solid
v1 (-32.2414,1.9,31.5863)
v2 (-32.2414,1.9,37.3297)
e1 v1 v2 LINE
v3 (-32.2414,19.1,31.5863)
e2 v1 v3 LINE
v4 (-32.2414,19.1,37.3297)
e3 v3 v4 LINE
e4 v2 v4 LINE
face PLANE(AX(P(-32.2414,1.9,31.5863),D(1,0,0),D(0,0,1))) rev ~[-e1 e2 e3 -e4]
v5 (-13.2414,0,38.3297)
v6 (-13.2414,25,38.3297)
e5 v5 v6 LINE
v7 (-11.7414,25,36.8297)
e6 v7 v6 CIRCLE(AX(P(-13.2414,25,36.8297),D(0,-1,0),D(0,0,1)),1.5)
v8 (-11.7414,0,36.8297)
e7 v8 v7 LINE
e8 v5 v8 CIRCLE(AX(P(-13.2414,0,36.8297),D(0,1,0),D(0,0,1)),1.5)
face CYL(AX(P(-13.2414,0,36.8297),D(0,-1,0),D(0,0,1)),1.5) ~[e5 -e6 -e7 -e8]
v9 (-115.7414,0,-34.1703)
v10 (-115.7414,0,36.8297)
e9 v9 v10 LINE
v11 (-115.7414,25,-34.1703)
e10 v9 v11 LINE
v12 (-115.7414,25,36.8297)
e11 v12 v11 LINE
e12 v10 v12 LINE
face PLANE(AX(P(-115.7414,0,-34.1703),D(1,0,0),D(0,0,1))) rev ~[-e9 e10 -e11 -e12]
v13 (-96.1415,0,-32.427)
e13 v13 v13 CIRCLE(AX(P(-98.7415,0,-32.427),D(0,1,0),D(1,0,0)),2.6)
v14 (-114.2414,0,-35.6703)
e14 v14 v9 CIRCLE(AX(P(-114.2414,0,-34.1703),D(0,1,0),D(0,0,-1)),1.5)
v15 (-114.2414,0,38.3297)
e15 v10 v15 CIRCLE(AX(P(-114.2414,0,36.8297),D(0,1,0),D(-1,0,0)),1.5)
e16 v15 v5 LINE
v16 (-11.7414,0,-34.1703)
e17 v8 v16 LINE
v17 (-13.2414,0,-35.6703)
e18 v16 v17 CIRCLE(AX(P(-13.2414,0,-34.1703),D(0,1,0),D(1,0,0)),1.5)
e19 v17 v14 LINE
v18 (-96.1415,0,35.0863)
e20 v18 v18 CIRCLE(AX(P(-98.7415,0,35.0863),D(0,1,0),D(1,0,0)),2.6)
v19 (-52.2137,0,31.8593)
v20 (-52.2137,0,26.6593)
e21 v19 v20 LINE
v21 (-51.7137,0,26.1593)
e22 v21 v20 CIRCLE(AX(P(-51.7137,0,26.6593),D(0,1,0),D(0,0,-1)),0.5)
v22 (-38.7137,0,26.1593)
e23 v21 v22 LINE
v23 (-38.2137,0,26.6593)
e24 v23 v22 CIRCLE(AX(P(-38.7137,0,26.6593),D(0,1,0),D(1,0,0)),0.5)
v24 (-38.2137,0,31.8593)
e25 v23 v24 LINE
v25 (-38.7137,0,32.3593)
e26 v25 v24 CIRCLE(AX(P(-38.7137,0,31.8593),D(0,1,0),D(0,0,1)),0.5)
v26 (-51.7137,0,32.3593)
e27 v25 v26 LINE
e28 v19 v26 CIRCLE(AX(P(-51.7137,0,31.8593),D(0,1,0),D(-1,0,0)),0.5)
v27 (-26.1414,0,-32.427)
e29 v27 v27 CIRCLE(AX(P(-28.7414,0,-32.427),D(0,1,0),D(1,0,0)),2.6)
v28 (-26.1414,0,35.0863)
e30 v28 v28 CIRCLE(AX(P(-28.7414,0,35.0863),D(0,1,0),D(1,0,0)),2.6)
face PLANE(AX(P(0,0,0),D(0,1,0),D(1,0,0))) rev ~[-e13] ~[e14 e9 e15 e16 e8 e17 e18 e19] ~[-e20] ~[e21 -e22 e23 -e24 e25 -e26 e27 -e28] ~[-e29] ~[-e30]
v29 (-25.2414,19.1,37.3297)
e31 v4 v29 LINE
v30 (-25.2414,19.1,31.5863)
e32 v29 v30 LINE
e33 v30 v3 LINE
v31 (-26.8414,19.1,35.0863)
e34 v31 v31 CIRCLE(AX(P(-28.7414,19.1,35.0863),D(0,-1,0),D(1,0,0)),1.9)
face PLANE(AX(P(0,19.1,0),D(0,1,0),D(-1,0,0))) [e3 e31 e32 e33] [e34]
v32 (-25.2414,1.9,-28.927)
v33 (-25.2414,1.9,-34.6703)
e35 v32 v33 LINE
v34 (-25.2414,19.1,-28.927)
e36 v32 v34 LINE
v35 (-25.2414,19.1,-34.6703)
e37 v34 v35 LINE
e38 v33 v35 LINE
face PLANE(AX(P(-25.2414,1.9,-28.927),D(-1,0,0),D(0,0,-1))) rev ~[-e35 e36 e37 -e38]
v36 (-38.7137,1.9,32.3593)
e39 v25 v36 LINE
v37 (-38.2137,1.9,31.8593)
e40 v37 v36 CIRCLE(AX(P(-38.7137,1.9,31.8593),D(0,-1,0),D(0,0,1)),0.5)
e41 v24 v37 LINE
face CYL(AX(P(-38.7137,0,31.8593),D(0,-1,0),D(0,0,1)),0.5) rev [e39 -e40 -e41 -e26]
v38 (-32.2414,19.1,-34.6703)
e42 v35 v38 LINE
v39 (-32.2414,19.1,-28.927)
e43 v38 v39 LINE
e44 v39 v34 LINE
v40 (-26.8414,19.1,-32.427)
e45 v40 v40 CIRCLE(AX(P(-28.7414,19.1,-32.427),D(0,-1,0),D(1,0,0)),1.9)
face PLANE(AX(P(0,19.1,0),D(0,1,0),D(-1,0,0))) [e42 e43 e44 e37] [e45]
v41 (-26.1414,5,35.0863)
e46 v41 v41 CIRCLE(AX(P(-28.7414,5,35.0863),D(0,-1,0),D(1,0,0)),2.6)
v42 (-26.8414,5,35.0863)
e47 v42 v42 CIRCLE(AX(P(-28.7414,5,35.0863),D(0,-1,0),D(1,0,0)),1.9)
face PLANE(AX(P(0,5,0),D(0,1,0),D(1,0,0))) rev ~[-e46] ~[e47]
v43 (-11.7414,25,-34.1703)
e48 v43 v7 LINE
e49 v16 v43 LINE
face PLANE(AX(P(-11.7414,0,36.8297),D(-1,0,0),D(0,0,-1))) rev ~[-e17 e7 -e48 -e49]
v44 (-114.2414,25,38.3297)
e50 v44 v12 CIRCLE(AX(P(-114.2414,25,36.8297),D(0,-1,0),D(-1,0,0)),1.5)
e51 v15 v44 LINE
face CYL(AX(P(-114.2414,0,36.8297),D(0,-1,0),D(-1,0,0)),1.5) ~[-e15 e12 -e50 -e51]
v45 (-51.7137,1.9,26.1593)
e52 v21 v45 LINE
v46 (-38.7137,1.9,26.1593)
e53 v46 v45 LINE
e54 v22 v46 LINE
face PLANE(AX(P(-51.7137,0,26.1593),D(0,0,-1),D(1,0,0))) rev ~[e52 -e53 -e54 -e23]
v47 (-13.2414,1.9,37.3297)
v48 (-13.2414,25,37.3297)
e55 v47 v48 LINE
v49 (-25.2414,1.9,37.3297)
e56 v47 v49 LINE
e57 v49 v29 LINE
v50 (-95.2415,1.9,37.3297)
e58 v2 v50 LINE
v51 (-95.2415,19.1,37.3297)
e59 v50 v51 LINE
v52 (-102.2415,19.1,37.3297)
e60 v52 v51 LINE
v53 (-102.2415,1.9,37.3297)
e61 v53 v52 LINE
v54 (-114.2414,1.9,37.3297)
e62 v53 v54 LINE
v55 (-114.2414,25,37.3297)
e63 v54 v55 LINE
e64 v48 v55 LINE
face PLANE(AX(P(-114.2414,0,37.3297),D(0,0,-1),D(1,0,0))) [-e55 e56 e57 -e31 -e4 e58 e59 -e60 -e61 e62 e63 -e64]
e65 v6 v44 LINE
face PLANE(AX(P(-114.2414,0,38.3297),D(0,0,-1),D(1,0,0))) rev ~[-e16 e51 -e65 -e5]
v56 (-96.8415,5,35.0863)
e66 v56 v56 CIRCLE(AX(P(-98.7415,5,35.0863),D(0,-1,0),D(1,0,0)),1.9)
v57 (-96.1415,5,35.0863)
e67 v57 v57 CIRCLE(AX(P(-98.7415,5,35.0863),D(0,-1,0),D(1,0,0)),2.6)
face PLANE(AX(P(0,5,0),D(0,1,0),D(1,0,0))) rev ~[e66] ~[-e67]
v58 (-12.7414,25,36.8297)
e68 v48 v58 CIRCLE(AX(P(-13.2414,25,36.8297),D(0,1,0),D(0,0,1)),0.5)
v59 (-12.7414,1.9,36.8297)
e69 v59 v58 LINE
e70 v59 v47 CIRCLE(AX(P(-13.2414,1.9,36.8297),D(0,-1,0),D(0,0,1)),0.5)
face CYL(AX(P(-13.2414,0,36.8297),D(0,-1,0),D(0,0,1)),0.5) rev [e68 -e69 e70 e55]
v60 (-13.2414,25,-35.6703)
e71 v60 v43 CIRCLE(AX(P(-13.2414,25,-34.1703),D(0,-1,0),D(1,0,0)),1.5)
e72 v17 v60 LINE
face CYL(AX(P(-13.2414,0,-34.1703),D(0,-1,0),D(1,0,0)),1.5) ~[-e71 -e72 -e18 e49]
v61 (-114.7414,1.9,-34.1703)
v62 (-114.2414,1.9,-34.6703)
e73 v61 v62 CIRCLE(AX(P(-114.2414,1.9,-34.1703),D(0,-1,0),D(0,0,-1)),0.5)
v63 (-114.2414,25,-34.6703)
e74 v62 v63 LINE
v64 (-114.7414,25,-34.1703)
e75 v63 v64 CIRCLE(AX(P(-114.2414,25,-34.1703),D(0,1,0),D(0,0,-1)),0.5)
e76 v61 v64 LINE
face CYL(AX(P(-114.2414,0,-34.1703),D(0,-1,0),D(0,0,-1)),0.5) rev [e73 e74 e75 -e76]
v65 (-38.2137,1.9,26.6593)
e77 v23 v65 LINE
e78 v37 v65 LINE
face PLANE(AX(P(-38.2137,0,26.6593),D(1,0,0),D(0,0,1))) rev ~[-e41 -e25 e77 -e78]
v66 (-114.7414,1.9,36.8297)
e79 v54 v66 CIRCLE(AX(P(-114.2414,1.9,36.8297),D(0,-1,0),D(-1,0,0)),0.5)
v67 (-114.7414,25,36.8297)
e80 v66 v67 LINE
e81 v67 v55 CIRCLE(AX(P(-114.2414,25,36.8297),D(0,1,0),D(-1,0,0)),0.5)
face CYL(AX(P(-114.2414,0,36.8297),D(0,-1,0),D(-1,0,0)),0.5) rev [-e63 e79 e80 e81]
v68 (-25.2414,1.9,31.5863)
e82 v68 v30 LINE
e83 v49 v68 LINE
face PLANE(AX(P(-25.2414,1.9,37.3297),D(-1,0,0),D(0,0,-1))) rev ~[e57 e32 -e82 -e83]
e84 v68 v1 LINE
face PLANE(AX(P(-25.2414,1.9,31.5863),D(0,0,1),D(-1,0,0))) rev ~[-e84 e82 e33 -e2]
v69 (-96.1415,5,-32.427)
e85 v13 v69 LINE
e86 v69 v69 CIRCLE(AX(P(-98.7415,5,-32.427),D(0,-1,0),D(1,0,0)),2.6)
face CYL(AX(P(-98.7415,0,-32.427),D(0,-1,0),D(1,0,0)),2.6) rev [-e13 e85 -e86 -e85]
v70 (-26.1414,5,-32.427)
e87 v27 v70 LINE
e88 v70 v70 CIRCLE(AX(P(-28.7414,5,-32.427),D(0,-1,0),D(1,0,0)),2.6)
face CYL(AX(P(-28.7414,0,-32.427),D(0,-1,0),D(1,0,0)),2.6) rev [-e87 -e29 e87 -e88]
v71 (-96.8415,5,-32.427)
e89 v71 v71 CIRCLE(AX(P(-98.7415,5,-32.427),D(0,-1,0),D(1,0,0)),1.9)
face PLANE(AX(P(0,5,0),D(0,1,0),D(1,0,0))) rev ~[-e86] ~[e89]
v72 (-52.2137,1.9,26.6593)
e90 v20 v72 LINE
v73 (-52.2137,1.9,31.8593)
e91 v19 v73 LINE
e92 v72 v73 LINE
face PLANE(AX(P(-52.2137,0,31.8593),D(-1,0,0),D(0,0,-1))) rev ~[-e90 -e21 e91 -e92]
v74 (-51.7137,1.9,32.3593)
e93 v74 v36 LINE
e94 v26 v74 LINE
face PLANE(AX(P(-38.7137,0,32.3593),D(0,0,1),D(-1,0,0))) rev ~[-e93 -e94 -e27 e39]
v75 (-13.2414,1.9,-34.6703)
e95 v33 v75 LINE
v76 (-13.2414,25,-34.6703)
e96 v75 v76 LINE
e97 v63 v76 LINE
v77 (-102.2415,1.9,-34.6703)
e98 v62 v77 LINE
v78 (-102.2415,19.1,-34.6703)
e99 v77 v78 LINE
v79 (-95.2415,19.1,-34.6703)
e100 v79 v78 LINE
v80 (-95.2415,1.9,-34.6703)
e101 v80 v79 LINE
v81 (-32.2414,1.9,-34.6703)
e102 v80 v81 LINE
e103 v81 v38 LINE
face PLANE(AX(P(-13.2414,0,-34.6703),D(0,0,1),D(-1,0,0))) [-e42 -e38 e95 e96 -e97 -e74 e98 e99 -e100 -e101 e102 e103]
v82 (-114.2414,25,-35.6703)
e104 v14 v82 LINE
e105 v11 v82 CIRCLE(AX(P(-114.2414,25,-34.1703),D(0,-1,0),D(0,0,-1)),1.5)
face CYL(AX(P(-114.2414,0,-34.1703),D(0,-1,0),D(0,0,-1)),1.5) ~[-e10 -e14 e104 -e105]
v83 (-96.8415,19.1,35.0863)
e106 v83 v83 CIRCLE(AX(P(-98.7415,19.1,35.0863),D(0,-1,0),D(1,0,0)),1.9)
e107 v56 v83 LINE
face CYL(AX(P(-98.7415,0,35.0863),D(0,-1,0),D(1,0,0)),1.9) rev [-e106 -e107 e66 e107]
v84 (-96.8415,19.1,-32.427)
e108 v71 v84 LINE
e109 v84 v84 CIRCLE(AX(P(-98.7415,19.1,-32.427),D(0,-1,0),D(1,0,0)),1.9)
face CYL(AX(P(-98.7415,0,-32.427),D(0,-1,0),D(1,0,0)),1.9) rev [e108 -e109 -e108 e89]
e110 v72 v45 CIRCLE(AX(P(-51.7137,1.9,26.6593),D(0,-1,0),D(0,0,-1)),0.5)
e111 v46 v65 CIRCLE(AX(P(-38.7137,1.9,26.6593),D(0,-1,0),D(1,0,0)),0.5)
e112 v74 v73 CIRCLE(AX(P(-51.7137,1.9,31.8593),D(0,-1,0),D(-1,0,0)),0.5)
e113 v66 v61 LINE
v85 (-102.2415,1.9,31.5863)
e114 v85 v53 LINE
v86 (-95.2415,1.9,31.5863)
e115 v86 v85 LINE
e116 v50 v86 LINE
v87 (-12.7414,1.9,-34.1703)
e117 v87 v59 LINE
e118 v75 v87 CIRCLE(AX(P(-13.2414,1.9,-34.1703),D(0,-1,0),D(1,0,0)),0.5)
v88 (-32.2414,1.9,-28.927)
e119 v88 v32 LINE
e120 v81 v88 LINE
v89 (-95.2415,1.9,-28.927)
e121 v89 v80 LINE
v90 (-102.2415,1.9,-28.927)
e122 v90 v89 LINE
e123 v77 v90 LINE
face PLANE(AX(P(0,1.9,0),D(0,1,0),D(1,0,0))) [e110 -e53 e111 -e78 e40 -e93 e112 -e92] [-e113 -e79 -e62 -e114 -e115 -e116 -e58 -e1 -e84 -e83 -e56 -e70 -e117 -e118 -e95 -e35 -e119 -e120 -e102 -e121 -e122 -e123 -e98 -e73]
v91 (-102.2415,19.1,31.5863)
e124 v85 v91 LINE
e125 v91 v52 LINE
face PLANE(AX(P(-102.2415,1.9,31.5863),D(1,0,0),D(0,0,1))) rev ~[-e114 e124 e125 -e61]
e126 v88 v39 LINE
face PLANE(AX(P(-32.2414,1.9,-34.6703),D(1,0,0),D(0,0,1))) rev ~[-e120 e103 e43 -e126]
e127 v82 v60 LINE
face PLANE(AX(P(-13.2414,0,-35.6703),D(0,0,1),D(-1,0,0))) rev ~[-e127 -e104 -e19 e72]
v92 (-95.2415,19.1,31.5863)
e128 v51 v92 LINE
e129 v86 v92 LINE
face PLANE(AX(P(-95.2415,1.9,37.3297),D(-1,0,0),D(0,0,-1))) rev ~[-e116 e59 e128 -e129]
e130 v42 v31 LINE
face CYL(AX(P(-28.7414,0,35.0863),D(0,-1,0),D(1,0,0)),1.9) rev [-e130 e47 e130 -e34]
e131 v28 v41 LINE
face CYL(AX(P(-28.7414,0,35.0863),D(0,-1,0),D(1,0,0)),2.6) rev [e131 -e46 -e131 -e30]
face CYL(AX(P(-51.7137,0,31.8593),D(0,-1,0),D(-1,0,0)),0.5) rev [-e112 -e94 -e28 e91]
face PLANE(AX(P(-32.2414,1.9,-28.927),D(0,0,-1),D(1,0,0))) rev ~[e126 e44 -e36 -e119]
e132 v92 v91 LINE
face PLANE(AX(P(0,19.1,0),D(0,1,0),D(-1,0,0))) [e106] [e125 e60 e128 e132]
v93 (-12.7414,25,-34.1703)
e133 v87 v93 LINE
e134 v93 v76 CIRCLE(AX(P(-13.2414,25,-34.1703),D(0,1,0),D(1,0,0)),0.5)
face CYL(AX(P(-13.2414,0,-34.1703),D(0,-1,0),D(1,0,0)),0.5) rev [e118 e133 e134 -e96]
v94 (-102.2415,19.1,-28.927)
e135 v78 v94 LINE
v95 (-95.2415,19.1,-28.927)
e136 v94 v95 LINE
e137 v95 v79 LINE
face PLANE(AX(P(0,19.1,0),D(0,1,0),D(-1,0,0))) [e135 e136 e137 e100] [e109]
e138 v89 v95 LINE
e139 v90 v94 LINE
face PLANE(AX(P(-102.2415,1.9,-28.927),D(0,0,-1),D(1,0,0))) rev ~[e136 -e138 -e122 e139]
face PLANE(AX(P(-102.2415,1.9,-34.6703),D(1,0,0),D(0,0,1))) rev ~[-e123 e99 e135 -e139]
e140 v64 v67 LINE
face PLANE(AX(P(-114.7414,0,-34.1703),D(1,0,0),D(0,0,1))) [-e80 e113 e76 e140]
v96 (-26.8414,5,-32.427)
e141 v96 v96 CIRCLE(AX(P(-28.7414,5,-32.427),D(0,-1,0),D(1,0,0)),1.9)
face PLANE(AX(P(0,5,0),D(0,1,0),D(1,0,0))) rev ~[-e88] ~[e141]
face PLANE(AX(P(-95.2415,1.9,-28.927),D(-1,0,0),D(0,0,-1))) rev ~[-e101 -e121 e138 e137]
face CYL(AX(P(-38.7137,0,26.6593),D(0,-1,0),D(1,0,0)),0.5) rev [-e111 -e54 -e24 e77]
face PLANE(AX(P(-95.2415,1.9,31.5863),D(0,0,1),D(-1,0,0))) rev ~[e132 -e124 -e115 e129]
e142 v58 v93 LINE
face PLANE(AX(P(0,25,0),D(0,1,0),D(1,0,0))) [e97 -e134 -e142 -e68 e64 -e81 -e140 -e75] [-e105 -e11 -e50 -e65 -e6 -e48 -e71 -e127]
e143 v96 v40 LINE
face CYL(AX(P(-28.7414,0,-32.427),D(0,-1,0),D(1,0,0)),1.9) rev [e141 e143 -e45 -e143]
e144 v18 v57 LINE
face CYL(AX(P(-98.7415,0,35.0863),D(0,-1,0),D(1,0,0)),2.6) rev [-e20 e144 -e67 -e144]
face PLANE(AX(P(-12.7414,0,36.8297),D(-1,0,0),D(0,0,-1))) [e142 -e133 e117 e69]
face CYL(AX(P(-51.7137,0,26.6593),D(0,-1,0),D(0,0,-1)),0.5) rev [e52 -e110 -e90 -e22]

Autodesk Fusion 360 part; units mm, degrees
sketch "Sketch1" plane through (0, 0, 0) normal (0, 1, 0) x (1, 0, 0)
  arc A0 (-114.2414, 36.1703) -> (-116.2414, 34.1703) centre (-114.2414, 34.1703) ccw
  arc A1 (-114.2414, 36.1703) -> (-116.2414, 34.1703) centre (-114.2414, 34.1703) ccw
  arc A2 (-13.2414, -38.8297) -> (-11.2414, -36.8297) centre (-13.2414, -36.8297) ccw
  arc A3 (-116.2414, -36.8297) -> (-114.2414, -38.8297) centre (-114.2414, -36.8297) ccw
  arc A4 (-116.2414, -36.8297) -> (-114.2414, -38.8297) centre (-114.2414, -36.8297) ccw
  arc A5 (-13.2414, -38.8297) -> (-11.2414, -36.8297) centre (-13.2414, -36.8297) ccw
  circle A6 centre (-98.7415, -35.0863) radius 1.55
  circle A7 centre (-98.7415, 32.427) radius 1.55
  line L0 (-11.2414, -36.8297) -> (-11.2414, 34.1703)
  circle A8 centre (-28.7414, -35.0863) radius 1.55
  arc A9 (-11.2414, 34.1703) -> (-13.2414, 36.1703) centre (-13.2414, 34.1703) ccw
  arc A10 (-11.2414, 34.1703) -> (-13.2414, 36.1703) centre (-13.2414, 34.1703) ccw
  circle A11 centre (-28.7414, 32.427) radius 1.55
  line L1 (-116.2414, -36.8297) -> (-116.2414, 34.1703)
  line L2 (-13.2414, 36.1703) -> (-114.2414, 36.1703)
  line L3 (-114.2414, 36.1703) -> (-13.2414, 36.1703)
  line L4 (-114.2414, -38.8297) -> (-13.2414, -38.8297)
  line L5 (-116.2414, 34.1703) -> (-116.2414, -36.8297)
  line L6 (-11.2414, 34.1703) -> (-11.2414, -36.8297)
  line L7 (-13.2414, -38.8297) -> (-114.2414, -38.8297)
  line L8 (-12.7414, -36.8297) -> (-12.7414, 34.1703)
  arc A12 (-12.7414, 34.1703) -> (-13.2414, 34.6703) centre (-13.2414, 34.1703) ccw
  line L9 (-13.2414, 34.6703) -> (-114.2414, 34.6703)
  arc A13 (-114.2414, 34.6703) -> (-114.7414, 34.1703) centre (-114.2414, 34.1703) ccw
  line L10 (-114.7414, 34.1703) -> (-114.7414, -36.8297)
  arc A14 (-114.7414, -36.8297) -> (-114.2414, -37.3297) centre (-114.2414, -36.8297) ccw
  line L11 (-114.2414, -37.3297) -> (-13.2414, -37.3297)
  arc A15 (-13.2414, -37.3297) -> (-12.7414, -36.8297) centre (-13.2414, -36.8297) ccw
  circle A16 centre (-98.7415, -35.0863) radius 2.6
  circle A17 centre (-28.7414, -35.0863) radius 2.6
  circle A18 centre (-98.7415, 32.427) radius 2.6
  circle A19 centre (-28.7414, 32.427) radius 2.6
  circle A20 centre (-98.7415, -35.0863) radius 1.9
  circle A21 centre (-28.7414, -35.0863) radius 1.9
  circle A22 centre (-98.7415, 32.427) radius 1.9
  circle A23 centre (-28.7414, 32.427) radius 1.9
  line L12 (-11.7414, -36.8297) -> (-11.7414, 34.1703)
  arc A24 (-11.7414, 34.1703) -> (-13.2414, 35.6703) centre (-13.2414, 34.1703) ccw
  line L13 (-13.2414, 35.6703) -> (-114.2414, 35.6703)
  arc A25 (-114.2414, 35.6703) -> (-115.7414, 34.1703) centre (-114.2414, 34.1703) ccw
  line L14 (-115.7414, 34.1703) -> (-115.7414, -36.8297)
  arc A26 (-115.7414, -36.8297) -> (-114.2414, -38.3297) centre (-114.2414, -36.8297) ccw
  line L15 (-114.2414, -38.3297) -> (-13.2414, -38.3297)
  arc A27 (-13.2414, -38.3297) -> (-11.7414, -36.8297) centre (-13.2414, -36.8297) ccw
  line L16 (-38.2137, -26.6593) -> (-38.2137, -31.8593)
  line L17 (-38.7137, -32.3593) -> (-51.7137, -32.3593)
  arc A28 (-52.2137, -31.8593) -> (-51.7137, -32.3593) centre (-51.7137, -31.8593) ccw
  line L18 (-52.2137, -31.8593) -> (-52.2137, -26.6593)
  arc A29 (-38.2137, -26.6593) -> (-38.7137, -26.1593) centre (-38.7137, -26.6593) ccw
  line L19 (-51.7137, -26.1593) -> (-38.7137, -26.1593)
  arc A30 (-38.7137, -32.3593) -> (-38.2137, -31.8593) centre (-38.7137, -31.8593) ccw
  arc A31 (-51.7137, -26.1593) -> (-52.2137, -26.6593) centre (-51.7137, -26.6593) ccw
  point P0 (-38.2137, -32.3593)
  point P1 (-52.2137, -32.3593)
  point P2 (-52.2137, -26.1593)
  dimension "d1" = -1.5
  dimension "d16" = 5.2
  dimension "d17" = 5.2
  dimension "d18" = 5.2
  dimension "d19" = 5.2
  dimension "d22" = 3.8
  dimension "d23" = 3.8
  dimension "d24" = 3.8
  dimension "d25" = 3.8
  dimension "d28" = -0.5
  dimension "d31" = 6.2
  dimension "d32" = 14
  dimension "d33" = 0.5
  dimension "d34" = 0.5
  dimension "d35" = 0.5
extrude "Extrude1" add sketch "Sketch1" along normal blind 1.9 contours A0 A1 A2 A3 A4 A5 L0 A9 A10 L1 L2 L3 L4 L5 L6 L7 | L8 A12 L9 A13 L10 A14 L11 A15 A16 A17 A18 A19 | L11 A17 | L11 A17 | L9 A19 | L9 A19 | L11 A16 | L11 A16 | L9 A18 | L9 A18 | A20 | A21 | A22 | A23 | L12 A24 L13 A25 L14 A26 L15 A27 | L16 L17 A28 L18 A29 L19 A30 A31
extrude "Extrude2" add sketch "Sketch1" along normal blind 25 contours A0 A1 A2 A3 A4 A5 L0 A9 A10 L1 L2 L3 L4 L5 L6 L7 | L11 A17 | L9 A19 | L11 A16 | L9 A18 | L12 A24 L13 A25 L14 A26 L15 A27 picked at (-28.4059, -37.381) picked at (-28.6269, 34.8843) picked at (-98.406, -37.381) picked at (-98.9586, 34.8329)
sketch "Sketch2" plane through (0, 1.9, 0) normal (0, 1, 0) x (-1, 0, 0)
  line L0 (12.7414, 36.8297) -> (12.7414, -34.1703)
  arc A0 (12.7414, -34.1703) -> (13.2414, -34.6703) centre (13.2414, -34.1703) ccw
  line L1 (13.2414, -34.6703) -> (114.2414, -34.6703)
  arc A1 (114.2414, -34.6703) -> (114.7414, -34.1703) centre (114.2414, -34.1703) ccw
  line L2 (114.7414, -34.1703) -> (114.7414, 36.8297)
  arc A2 (114.7414, 36.8297) -> (114.2414, 37.3297) centre (114.2414, 36.8297) ccw
  line L3 (114.2414, 37.3297) -> (13.2414, 37.3297)
  arc A3 (13.2414, 37.3297) -> (12.7414, 36.8297) centre (13.2414, 36.8297) ccw
  circle A4 centre (98.7415, 35.0863) radius 1.55
  circle A5 centre (98.7415, -32.427) radius 1.55
  circle A6 centre (28.7414, -32.427) radius 1.55
  circle A7 centre (28.7414, 35.0863) radius 1.55
  line L4 (32.2414, 38.5863) -> (25.2414, 38.5863)
  line L5 (25.2414, 38.5863) -> (25.2414, 31.5863)
  line L6 (25.2414, 31.5863) -> (32.2414, 31.5863)
  line L7 (32.2414, 31.5863) -> (32.2414, 38.5863)
  line L8 (32.2414, 38.5863) -> (25.2414, 31.5863) construction
  line L9 (25.2414, 38.5863) -> (32.2414, 31.5863) construction
  line L10 (102.2415, 38.5863) -> (95.2415, 38.5863)
  line L11 (95.2415, 38.5863) -> (95.2415, 31.5863)
  line L12 (95.2415, 31.5863) -> (102.2415, 31.5863)
  line L13 (102.2415, 31.5863) -> (102.2415, 38.5863)
  line L14 (102.2415, 38.5863) -> (95.2415, 31.5863) construction
  line L15 (95.2415, 38.5863) -> (102.2415, 31.5863) construction
  line L16 (32.2414, -28.927) -> (25.2414, -28.927)
  line L17 (25.2414, -28.927) -> (25.2414, -35.927)
  line L18 (25.2414, -35.927) -> (32.2414, -35.927)
  line L19 (32.2414, -35.927) -> (32.2414, -28.927)
  line L20 (32.2414, -28.927) -> (25.2414, -35.927) construction
  line L21 (25.2414, -28.927) -> (32.2414, -35.927) construction
  line L22 (102.2415, -28.927) -> (95.2415, -28.927)
  line L23 (95.2415, -28.927) -> (95.2415, -35.927)
  line L24 (95.2415, -35.927) -> (102.2415, -35.927)
  line L25 (102.2415, -35.927) -> (102.2415, -28.927)
  line L26 (102.2415, -28.927) -> (95.2415, -35.927) construction
  line L27 (95.2415, -28.927) -> (102.2415, -35.927) construction
  point P0 (28.7414, 35.0863)
  point P1 (98.7415, 35.0863)
  point P2 (28.7414, -32.427)
  point P3 (98.7415, -32.427)
  dimension "d6" = 7
  dimension "d7" = 7
  dimension "d8" = 7
  dimension "d9" = 7
  dimension "d10" = 7
  dimension "d11" = 7
  dimension "d12" = 7
  dimension "d13" = 7
extrude "Extrude3" add sketch "Sketch2" along normal blind 17.2 contours L3 L5 L6 L7 | L1 L16 L17 L19 | L3 L11 L12 L13 | L1 L22 L23 L25
extrude "Extrude4" cut sketch "Sketch1" along normal blind 5 contours L11 A17 | L11 A17 | L9 A19 | L9 A19 | L11 A16 | L11 A16 | L9 A18 | L9 A18 | A20 | A21 | A22 | A23
extrude "Extrude5" cut sketch "Sketch1" along normal blind 38 contours A20 | A21 | A22 | A23
extrude "Extrude6" cut sketch "Sketch1" along normal blind 69 contours A0 A1 A2 A3 A4 A5 L0 A9 A10 L1 L2 L3 L4 L5 L6 L7
extrude "Extrude7" cut sketch "Sketch1" along normal blind 24 contours L16 L17 A28 L18 A29 L19 A30 A31
sketch "Sketch3" plane through (0, 0, 38.3297) normal (0, 0, 1) x (-1, 0, 0)
  line L0 (13.2414, -25) -> (114.2414, -25)
  line L1 (114.2414, -25) -> (114.2414, 0)
  line L2 (114.2414, 0) -> (13.2414, 0)
  line L3 (13.2414, 0) -> (13.2414, -25)
equation "d14 = 19.00 mm - 1.8 mm"
